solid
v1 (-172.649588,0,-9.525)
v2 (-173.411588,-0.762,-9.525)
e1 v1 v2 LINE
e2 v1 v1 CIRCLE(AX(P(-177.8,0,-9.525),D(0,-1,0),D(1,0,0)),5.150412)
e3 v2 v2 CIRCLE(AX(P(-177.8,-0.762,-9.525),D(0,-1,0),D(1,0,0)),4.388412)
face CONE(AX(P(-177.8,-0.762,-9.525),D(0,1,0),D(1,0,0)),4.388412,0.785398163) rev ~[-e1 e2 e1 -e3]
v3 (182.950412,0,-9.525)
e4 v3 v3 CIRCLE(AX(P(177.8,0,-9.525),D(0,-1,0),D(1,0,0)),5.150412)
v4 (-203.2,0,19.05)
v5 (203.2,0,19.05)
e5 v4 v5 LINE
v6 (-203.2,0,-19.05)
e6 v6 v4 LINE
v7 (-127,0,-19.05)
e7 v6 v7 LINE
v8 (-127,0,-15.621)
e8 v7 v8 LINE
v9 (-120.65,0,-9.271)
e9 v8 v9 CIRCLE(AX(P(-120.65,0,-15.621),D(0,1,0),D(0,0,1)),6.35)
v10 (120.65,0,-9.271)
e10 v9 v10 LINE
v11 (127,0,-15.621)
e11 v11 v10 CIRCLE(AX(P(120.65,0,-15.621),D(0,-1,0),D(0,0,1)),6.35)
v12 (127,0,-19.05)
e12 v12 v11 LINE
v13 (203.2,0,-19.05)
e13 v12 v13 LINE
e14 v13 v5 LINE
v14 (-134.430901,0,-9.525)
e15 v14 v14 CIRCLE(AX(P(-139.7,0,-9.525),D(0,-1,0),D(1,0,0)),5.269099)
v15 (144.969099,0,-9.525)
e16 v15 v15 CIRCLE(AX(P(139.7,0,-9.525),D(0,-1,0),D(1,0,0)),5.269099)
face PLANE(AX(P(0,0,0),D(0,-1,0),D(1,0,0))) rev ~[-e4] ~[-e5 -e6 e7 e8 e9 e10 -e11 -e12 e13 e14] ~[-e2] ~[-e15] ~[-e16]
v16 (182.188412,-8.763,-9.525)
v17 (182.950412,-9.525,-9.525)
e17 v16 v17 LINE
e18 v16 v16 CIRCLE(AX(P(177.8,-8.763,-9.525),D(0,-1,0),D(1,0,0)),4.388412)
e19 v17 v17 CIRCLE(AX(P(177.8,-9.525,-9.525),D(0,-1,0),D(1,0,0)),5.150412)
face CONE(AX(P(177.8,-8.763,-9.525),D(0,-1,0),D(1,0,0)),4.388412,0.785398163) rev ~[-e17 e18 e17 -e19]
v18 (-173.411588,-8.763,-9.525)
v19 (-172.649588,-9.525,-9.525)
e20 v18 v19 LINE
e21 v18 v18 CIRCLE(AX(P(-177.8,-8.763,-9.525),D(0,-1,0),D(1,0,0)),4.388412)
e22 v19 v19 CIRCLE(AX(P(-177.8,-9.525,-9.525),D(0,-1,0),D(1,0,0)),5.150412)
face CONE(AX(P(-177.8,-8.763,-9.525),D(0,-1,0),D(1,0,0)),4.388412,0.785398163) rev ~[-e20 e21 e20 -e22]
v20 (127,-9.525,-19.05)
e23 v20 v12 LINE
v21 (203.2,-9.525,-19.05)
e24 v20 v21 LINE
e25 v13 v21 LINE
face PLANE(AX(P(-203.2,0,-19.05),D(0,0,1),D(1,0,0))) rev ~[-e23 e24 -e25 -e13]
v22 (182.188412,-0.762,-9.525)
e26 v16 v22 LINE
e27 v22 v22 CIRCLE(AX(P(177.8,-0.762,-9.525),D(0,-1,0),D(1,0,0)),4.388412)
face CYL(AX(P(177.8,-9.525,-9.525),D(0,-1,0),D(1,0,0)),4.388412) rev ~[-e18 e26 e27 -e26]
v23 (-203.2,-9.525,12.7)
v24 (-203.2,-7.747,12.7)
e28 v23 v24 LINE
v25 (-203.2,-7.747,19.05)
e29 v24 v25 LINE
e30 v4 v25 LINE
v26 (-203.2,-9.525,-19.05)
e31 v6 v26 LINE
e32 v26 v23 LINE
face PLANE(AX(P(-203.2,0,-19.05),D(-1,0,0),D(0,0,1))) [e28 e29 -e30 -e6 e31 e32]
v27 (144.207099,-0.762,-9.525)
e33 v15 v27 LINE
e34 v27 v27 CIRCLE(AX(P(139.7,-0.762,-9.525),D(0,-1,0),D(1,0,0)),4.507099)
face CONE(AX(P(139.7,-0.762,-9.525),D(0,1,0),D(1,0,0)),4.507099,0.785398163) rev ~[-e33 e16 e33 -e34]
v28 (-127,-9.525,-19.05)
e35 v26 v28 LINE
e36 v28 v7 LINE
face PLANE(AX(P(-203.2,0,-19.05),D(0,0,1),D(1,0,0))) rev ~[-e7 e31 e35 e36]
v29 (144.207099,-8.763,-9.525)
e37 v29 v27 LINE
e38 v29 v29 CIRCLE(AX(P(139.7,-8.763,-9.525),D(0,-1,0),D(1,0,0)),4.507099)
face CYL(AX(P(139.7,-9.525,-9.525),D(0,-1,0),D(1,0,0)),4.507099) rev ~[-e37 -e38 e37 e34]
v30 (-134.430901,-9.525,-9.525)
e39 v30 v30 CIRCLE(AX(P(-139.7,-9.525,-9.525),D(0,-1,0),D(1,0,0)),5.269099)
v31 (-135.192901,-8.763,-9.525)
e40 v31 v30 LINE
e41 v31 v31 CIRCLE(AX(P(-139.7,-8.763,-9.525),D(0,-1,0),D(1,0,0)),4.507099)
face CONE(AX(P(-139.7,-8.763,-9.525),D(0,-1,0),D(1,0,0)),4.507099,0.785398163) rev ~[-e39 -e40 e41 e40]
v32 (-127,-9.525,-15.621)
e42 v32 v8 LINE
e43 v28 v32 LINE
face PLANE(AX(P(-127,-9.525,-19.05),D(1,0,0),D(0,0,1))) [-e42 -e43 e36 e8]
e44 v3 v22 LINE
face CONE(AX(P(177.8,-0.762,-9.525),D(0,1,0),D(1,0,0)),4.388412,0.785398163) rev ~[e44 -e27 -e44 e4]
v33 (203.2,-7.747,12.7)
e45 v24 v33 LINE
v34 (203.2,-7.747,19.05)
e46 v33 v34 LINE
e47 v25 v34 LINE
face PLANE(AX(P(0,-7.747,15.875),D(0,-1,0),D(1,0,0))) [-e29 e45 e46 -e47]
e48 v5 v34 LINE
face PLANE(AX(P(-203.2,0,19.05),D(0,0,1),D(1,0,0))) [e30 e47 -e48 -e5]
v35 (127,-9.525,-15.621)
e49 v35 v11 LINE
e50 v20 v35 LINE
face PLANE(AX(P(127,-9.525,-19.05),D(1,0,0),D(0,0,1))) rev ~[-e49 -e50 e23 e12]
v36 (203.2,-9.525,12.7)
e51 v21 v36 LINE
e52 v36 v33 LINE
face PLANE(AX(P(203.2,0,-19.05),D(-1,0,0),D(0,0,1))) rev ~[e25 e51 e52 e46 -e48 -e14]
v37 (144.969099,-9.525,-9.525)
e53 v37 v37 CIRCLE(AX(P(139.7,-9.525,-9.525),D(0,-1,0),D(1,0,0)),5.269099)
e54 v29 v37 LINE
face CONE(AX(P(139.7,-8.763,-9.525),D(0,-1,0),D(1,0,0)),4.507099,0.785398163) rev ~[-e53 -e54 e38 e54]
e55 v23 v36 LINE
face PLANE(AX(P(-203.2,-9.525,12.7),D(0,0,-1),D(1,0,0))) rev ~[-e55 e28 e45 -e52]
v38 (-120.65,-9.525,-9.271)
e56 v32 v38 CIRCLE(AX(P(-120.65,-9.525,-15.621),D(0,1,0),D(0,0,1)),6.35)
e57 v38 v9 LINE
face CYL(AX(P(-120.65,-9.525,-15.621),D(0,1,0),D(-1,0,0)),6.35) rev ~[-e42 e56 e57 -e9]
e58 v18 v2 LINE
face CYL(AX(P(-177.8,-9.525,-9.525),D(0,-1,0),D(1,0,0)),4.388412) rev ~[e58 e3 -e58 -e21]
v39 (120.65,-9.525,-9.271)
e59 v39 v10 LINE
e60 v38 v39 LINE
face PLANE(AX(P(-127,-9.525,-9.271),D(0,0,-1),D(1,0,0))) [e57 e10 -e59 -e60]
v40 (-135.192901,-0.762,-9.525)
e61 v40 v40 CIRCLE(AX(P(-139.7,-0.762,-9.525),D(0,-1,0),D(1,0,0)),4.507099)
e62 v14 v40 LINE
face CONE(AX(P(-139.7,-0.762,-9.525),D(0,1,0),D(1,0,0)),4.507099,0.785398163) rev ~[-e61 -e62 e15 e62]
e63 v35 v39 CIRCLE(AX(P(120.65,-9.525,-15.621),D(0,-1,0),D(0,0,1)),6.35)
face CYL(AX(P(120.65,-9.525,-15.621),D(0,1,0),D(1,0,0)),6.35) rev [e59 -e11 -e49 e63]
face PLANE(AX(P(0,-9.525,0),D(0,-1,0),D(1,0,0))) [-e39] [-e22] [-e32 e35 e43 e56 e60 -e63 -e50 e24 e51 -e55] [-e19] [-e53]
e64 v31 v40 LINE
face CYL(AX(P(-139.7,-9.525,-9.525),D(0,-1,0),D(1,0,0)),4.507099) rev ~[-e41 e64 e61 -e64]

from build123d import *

# Parameters (mm, degrees)
F0_W     = 406.4
F0_H     = 38.1
F1_DEPTH = 9.525
F2_W     = 254
F2_H     = 9.779
F3_DEPTH = 9.526
F4_R     = 6.35
F5_W     = 406.4
F5_H     = 6.35
F6_DEPTH = 1.778
F7_R     = 4.507099
F7_R_2   = 4.388412
F8_DEPTH = 9.526
F9_SIZE  = 0.762


with BuildPart() as f1:
    # F0 (on Front) → F1 (new body)
    with BuildSketch(Plane.XZ):
        Rectangle(F0_W, F0_H)
    extrude(amount=F1_DEPTH)

    # F2 (on face) → F3 (cut, through all)
    with BuildSketch(Plane.XZ.offset(9.525)):
        with Locations((0, -14.1605)):
            Rectangle(F2_W, F2_H)
    extrude(amount=-F3_DEPTH, mode=Mode.SUBTRACT)

    # F4
    f4_edges = [f1.edges().sort_by_distance(p)[0] for p in [
        (-127, -4.7625, -9.271),
        (127, -4.7625, -9.271),
    ]]
    fillet(f4_edges, radius=F4_R)

    # F5 (on face) → F6 (cut)
    with BuildSketch(Plane.XZ.offset(9.525)):
        with Locations((0, 15.875)):
            Rectangle(F5_W, F5_H)
    extrude(amount=-F6_DEPTH, mode=Mode.SUBTRACT)

    # F7 (on face) → F8 (cut, through all)
    with BuildSketch(Plane.XZ.offset(9.525)):
        with Locations((139.7, -9.525)):
            Circle(F7_R)
        with Locations((177.8, -9.525)):
            Circle(F7_R_2)
        with Locations((-177.8, -9.525)):
            Circle(F7_R_2)
        with Locations((-139.7, -9.525)):
            Circle(F7_R)
    extrude(amount=-F8_DEPTH, mode=Mode.SUBTRACT)

    # F9
    f9_edges = [f1.edges().sort_by_distance(p)[0] for p in [
        (-182.188412, -9.525, -9.525),
        (-144.207099, -9.525, -9.525),
        (135.192901, -9.525, -9.525),
        (173.411588, -9.525, -9.525),
        (173.411588, 0, -9.525),
        (135.192901, 0, -9.525),
        (-144.207099, 0, -9.525),
        (-182.188412, 0, -9.525),
    ]]
    chamfer(f9_edges, length=F9_SIZE)


solid = f1.part
